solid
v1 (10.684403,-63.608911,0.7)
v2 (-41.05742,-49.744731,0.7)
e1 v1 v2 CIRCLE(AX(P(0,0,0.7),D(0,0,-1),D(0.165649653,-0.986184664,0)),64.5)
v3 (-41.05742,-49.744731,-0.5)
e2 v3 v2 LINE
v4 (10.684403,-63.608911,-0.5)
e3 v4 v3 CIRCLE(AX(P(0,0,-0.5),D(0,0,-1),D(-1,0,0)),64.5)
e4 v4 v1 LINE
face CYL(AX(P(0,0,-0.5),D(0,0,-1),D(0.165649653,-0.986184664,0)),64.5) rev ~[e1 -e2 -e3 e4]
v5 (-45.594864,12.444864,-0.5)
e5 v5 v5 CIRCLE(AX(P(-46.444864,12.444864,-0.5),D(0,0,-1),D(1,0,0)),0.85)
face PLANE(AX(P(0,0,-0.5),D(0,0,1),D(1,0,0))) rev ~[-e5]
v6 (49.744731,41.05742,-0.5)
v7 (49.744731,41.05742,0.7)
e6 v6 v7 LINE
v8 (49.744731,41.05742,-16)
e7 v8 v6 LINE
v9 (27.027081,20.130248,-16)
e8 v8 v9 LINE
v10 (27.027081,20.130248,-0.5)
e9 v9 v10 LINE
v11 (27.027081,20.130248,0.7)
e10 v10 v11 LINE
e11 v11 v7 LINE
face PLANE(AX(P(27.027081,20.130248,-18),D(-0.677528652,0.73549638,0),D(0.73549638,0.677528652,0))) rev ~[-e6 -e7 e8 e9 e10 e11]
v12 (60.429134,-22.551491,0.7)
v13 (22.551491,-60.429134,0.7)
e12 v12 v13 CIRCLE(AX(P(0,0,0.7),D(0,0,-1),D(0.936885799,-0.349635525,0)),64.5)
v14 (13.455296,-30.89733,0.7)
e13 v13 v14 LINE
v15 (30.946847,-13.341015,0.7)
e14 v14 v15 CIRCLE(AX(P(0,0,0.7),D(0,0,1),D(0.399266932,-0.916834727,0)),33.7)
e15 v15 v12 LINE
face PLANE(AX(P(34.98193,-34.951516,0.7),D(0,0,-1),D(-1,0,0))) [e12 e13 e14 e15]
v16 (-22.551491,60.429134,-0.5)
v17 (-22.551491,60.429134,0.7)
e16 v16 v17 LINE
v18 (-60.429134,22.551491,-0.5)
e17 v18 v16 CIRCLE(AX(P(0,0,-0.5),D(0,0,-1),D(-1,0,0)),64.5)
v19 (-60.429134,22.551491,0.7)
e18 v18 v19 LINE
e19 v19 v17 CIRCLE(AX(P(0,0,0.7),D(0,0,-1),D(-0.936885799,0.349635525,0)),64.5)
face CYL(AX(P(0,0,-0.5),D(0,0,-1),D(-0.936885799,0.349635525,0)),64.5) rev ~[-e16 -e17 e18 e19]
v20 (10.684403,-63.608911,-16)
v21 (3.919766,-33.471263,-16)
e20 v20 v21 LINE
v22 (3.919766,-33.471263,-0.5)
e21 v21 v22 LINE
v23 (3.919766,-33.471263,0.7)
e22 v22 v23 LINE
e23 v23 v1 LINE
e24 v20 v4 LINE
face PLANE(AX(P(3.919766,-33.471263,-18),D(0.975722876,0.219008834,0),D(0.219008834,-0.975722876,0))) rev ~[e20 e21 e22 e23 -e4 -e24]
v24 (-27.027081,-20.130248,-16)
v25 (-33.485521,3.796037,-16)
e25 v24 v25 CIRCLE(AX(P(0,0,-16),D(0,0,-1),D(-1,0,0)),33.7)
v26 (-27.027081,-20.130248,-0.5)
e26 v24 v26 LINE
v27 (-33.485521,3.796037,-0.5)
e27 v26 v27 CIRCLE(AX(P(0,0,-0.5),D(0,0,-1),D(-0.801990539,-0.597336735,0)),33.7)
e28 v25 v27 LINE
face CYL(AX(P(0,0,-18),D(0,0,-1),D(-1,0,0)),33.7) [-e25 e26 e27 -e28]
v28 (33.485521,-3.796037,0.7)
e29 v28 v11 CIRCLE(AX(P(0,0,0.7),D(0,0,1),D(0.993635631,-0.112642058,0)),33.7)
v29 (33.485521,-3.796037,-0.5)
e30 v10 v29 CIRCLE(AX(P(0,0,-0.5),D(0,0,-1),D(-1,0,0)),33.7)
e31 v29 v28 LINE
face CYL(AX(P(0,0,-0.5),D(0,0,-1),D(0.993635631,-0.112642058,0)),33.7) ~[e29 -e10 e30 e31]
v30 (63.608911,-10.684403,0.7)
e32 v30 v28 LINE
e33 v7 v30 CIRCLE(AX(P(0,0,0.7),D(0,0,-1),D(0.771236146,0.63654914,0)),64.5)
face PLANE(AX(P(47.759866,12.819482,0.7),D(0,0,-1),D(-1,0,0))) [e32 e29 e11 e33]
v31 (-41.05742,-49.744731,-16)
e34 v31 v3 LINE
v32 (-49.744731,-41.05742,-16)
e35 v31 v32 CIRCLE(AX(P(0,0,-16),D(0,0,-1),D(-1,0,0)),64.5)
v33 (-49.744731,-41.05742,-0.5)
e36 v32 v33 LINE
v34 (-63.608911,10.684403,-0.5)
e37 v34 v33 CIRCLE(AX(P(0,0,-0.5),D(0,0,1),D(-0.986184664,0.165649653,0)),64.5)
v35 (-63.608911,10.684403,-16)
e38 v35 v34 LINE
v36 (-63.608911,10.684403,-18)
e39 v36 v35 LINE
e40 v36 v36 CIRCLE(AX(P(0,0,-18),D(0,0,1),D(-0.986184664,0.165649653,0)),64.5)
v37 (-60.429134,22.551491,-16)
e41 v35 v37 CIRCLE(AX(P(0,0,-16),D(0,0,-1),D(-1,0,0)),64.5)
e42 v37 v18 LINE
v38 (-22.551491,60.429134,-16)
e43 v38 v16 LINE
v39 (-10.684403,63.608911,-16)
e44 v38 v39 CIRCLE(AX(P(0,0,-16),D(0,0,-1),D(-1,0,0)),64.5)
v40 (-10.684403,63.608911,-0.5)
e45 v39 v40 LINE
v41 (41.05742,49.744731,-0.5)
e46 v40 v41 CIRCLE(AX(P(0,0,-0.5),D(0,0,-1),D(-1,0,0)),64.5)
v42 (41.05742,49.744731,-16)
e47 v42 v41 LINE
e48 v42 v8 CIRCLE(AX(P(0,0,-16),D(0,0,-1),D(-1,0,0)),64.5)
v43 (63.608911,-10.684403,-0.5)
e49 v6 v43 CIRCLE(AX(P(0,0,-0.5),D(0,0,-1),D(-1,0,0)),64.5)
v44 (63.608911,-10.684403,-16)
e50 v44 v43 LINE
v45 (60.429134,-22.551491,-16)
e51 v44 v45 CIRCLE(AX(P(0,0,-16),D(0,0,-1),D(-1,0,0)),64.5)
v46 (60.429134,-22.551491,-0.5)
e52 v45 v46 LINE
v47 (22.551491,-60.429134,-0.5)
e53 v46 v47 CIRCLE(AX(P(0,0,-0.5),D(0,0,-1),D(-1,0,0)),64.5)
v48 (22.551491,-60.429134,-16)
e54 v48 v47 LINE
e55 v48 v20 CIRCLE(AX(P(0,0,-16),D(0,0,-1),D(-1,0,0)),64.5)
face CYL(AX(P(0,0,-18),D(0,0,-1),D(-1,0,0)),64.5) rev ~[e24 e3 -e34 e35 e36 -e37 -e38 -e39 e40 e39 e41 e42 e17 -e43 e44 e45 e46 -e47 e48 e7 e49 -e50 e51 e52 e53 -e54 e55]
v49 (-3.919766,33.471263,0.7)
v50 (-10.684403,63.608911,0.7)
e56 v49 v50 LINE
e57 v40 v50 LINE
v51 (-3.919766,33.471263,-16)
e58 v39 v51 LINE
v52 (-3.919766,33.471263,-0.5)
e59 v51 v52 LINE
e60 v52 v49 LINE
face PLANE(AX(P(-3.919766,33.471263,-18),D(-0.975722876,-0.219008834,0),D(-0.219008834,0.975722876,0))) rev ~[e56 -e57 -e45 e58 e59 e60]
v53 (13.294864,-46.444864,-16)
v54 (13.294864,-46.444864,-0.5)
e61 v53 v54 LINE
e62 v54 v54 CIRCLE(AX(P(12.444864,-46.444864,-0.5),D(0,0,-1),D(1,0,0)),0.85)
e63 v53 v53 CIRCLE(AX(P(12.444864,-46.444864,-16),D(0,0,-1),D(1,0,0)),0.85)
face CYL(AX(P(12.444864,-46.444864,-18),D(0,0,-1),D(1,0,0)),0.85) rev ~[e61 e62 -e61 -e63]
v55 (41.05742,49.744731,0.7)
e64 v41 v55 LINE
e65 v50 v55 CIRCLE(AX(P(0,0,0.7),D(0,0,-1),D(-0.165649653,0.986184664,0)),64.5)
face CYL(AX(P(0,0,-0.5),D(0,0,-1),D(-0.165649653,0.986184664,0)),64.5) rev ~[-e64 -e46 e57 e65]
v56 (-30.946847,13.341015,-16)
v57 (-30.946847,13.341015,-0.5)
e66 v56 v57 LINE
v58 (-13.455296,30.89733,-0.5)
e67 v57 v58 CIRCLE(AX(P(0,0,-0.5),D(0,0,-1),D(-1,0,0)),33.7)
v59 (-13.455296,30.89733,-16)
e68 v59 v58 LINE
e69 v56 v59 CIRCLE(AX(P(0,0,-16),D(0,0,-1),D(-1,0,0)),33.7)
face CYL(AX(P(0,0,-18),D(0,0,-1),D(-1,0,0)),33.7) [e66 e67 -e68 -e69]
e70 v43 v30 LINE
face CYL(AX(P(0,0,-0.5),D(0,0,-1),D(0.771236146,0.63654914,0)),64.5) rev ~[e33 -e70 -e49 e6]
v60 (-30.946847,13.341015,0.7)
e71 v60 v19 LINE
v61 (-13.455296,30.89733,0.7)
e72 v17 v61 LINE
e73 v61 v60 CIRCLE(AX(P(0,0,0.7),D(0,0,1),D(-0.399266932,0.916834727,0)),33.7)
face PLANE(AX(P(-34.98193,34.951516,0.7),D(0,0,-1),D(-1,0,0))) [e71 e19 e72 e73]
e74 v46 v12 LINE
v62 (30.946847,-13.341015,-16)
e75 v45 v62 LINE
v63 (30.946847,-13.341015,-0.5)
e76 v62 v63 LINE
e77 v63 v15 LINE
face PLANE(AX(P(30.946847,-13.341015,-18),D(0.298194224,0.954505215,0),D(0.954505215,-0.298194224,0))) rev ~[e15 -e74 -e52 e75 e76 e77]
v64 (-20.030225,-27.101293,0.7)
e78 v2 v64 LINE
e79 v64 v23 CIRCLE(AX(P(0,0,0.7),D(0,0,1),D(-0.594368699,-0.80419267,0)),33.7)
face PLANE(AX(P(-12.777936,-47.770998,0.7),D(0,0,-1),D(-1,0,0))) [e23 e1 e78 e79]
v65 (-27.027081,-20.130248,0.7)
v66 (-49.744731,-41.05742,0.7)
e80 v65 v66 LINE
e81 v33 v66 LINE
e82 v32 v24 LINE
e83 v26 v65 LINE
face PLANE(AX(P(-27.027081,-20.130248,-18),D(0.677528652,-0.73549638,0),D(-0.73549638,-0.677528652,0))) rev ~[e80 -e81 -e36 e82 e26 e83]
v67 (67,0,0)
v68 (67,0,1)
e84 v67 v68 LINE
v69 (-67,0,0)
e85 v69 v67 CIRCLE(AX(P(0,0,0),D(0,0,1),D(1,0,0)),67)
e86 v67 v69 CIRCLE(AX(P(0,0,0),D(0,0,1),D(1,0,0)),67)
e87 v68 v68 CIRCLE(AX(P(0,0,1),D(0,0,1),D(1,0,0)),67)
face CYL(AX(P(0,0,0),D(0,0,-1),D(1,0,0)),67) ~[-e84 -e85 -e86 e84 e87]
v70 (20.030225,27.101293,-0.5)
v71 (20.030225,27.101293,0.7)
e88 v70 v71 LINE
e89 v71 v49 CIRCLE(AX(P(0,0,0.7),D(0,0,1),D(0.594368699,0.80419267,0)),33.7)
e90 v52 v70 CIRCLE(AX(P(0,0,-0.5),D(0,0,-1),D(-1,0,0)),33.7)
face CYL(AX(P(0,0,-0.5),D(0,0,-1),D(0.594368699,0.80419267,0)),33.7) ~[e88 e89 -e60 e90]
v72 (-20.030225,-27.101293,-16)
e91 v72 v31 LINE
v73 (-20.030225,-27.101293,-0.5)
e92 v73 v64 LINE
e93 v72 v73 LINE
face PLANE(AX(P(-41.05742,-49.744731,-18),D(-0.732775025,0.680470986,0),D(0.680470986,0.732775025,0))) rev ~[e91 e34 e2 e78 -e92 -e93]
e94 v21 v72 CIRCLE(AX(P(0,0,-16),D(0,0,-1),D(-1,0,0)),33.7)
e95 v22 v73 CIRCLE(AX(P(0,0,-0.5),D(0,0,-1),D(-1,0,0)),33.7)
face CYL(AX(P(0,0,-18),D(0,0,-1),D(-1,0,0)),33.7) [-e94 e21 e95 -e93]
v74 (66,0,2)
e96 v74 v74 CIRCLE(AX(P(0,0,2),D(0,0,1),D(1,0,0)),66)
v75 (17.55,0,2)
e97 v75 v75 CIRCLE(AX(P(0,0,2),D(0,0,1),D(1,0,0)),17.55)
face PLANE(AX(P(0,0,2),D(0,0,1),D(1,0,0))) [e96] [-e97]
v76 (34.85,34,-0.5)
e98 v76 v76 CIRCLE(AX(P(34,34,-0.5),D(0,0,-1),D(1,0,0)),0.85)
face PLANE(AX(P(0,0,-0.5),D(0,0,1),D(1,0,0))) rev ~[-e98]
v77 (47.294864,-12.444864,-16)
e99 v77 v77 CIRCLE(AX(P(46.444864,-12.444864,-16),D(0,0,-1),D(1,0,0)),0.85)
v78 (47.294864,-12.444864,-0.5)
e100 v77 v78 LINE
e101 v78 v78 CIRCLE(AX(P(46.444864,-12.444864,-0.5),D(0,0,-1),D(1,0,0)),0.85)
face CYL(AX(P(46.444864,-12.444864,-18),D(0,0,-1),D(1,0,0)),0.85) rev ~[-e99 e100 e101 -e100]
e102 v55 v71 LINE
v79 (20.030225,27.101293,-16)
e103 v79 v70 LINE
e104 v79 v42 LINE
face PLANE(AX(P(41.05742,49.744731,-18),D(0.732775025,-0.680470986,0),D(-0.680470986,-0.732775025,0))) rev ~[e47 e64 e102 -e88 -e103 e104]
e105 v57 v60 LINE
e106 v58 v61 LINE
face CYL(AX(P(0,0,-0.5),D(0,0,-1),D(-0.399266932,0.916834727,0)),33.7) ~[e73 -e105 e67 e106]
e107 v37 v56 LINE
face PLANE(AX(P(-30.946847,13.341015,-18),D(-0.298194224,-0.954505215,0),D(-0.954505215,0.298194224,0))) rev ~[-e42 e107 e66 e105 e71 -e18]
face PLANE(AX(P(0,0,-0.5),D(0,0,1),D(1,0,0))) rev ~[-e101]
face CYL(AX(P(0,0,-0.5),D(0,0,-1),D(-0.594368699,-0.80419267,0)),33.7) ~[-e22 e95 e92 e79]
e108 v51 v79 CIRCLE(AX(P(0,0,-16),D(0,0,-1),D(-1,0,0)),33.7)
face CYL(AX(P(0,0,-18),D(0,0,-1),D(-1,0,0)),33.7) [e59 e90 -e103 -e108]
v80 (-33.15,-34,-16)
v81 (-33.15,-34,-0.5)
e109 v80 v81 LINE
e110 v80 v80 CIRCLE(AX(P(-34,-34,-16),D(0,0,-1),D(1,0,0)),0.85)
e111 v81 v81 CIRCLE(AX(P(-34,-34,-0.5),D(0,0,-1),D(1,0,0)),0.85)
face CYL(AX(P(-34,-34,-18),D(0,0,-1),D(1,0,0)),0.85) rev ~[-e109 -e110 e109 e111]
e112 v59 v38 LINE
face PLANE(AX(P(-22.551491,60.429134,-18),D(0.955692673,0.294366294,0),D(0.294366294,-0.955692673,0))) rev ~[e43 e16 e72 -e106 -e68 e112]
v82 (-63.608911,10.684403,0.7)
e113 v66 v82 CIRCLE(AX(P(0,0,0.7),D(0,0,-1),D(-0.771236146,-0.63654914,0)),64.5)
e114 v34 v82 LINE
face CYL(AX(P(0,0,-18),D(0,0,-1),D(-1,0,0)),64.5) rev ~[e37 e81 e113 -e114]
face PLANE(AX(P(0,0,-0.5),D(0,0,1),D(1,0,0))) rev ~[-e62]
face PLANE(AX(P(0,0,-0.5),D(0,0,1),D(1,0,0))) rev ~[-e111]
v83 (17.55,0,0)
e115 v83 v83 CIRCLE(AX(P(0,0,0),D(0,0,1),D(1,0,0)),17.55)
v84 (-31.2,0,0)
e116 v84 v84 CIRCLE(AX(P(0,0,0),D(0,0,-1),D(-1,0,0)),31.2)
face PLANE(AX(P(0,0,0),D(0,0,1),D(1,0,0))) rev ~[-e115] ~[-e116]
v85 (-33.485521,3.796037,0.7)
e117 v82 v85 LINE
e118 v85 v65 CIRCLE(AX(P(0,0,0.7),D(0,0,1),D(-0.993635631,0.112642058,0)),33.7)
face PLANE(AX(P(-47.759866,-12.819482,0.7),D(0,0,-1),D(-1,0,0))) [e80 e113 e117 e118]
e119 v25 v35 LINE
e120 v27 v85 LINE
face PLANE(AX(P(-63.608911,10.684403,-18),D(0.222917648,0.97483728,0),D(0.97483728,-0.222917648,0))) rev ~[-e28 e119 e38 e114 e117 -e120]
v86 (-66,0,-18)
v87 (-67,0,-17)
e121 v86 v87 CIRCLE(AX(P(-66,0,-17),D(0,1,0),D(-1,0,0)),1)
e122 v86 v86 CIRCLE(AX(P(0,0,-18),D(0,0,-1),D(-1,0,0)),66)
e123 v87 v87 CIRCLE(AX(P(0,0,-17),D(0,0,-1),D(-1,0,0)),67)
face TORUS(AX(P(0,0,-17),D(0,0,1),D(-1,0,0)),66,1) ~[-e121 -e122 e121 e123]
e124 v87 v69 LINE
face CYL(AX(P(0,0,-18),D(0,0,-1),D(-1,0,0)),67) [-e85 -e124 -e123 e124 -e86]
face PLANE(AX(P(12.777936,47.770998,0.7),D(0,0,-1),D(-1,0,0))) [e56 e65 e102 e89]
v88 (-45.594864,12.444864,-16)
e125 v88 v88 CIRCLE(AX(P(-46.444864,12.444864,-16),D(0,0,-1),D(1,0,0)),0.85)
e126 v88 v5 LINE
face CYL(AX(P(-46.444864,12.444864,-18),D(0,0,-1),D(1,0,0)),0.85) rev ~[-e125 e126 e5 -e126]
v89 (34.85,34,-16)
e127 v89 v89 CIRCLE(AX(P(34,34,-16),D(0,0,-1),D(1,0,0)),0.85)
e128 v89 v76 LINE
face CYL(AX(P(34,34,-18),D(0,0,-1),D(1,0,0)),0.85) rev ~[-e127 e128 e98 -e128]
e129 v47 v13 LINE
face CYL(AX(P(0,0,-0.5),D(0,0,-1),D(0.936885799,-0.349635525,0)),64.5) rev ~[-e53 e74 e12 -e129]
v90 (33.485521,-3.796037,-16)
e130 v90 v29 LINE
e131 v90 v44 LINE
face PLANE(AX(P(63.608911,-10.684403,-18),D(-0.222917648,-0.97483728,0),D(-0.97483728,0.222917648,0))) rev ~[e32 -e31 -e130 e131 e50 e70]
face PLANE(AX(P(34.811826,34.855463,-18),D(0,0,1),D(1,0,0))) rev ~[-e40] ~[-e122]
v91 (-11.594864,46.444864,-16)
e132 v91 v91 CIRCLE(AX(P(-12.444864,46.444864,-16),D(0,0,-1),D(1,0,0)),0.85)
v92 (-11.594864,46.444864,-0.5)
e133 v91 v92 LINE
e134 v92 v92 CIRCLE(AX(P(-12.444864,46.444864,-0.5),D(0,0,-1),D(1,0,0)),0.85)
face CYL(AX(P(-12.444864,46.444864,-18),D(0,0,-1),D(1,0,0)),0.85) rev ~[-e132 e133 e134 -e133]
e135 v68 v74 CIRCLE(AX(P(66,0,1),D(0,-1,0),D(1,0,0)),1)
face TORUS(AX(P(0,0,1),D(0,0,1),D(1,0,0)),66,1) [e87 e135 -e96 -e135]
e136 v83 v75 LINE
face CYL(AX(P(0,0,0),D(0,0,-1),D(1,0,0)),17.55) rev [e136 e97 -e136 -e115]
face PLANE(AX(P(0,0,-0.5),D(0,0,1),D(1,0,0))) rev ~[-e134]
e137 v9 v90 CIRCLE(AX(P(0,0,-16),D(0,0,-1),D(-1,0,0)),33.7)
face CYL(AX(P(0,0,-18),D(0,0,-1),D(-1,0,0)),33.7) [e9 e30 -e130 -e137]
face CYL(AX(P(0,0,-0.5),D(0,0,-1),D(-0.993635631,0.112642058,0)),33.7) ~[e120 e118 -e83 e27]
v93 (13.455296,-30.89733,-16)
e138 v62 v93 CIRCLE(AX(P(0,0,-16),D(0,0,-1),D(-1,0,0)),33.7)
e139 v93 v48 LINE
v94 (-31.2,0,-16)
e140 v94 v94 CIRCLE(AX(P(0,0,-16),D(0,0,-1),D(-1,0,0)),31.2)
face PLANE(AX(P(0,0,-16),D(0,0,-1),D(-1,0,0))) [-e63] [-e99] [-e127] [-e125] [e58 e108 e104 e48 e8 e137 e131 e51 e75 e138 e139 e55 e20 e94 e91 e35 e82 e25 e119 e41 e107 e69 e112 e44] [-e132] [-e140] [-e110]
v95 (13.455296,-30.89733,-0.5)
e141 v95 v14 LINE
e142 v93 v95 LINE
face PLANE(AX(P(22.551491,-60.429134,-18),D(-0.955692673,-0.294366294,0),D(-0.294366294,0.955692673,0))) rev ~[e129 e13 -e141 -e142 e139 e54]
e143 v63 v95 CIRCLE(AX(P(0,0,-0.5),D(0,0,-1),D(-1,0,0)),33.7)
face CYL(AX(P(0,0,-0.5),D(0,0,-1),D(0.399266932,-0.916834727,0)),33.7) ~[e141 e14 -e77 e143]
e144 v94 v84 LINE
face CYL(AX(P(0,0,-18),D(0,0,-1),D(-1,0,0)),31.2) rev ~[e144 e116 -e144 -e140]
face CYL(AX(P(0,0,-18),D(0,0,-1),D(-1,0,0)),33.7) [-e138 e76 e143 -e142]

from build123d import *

# Parameters (mm, degrees)
SKETCH_1_R          = 67
SKETCH_1_R_2        = 17.55
EXTRUDE_1_DEPTH     = 2
EXTRUDE_START       = 18
SKETCH_2_R          = 67
SKETCH_2_R_2        = 31.2
EXTRUDE_2_DEPTH     = 18
FILLET_1_R          = 1
SHELL_4_T           = -2.5
SKETCH_4_R          = 0.85
EXTRUDE_3_DEPTH     = 18
FILLET_2_R          = 1
CUT_EXTRUDE_1_DEPTH = 1.2
SKETCH_6_R          = 64.5
CUT_EXTRUDE_2_DEPTH = 2


with BuildPart() as part:
    # 草图1 → 凸台-拉伸1 (new body)
    with BuildSketch(Plane.XY):
        Circle(SKETCH_1_R)
        Circle(SKETCH_1_R_2, mode=Mode.SUBTRACT)
    extrude(amount=EXTRUDE_1_DEPTH)

    # 草图2 → 凸台-拉伸2 (add)
    with BuildSketch(Plane(origin=(0, 0, 0), x_dir=(-1, 0, 0), z_dir=(0, 0, -1)).offset(EXTRUDE_START)):
        Circle(SKETCH_2_R)
        Circle(SKETCH_2_R_2, mode=Mode.SUBTRACT)
    extrude(amount=-EXTRUDE_2_DEPTH)

    # 圆角1
    fillet_1_edges = [part.edges().sort_by_distance(p)[0] for p in [
        (-67, 0, 2),
    ]]
    fillet(fillet_1_edges, radius=FILLET_1_R)

    # 抽壳4
    shell_4_openings = [part.faces().sort_by_distance(p)[0] for p in [
        (65.104953826, 0, -18),
    ]]
    offset(amount=SHELL_4_T, openings=shell_4_openings, kind=Kind.INTERSECTION)

    # 草图4 → 凸台-拉伸3 (add)
    # profile 1 of 6: a face of its own
    with BuildSketch(Plane(origin=(0, 0, 0), x_dir=(-1, 0, 0), z_dir=(0, 0, -1)).offset(EXTRUDE_START)):
        with BuildLine():
            Line((-41.05741952, 49.744731403), (-20.030225152, 27.101292964))
            ThreePointArc((-20.030225152, 27.101292964), (-23.785423834, 23.873491848), (-27.027081181, 20.130247958))
            Line((-27.027081181, 20.130247958), (-49.744731403, 41.05741952))
            ThreePointArc((-49.744731403, 41.05741952), (-45.608387387, 45.608387387), (-41.05741952, 49.744731403))
        make_face()
        with Locations(Location((-34, 34, 0), (0, 0, 180))):
            Circle(SKETCH_4_R, mode=Mode.SUBTRACT)
    # profile 2 of 6: a face of its own
    with BuildSketch(Plane(origin=(0, 0, 0), x_dir=(-1, 0, 0), z_dir=(0, 0, -1)).offset(EXTRUDE_START)):
        with BuildLine():
            Line((22.55149134, 60.42913402), (13.455295606, 30.897330308))
            ThreePointArc((13.455295606, 30.897330308), (8.782338501, 32.535527204), (3.919765525, 33.471262872))
            Line((3.919765525, 33.471262872), (10.684402617, 63.608910859))
            ThreePointArc((10.684402617, 63.608910859), (16.693828409, 62.302215796), (22.55149134, 60.42913402))
        make_face()
        with Locations(Location((12.444863729, 46.444863729, 0), (0, 0, 180))):
            Circle(SKETCH_4_R, mode=Mode.SUBTRACT)
    # profile 3 of 6: a face of its own
    with BuildSketch(Plane(origin=(0, 0, 0), x_dir=(-1, 0, 0), z_dir=(0, 0, -1)).offset(EXTRUDE_START)):
        with BuildLine():
            Line((63.608910859, 10.684402617), (33.485520759, 3.796037343))
            ThreePointArc((33.485520759, 3.796037343), (32.567762335, 8.662035356), (30.946846706, 13.341014914))
            Line((30.946846706, 13.341014914), (60.42913402, 22.55149134))
            ThreePointArc((60.42913402, 22.55149134), (62.302215796, 16.693828409), (63.608910859, 10.684402617))
        make_face()
        with Locations(Location((46.444863729, 12.444863729, 0), (0, 0, 180))):
            Circle(SKETCH_4_R, mode=Mode.SUBTRACT)
    # profile 4 of 6: a face of its own
    with BuildSketch(Plane(origin=(0, 0, 0), x_dir=(-1, 0, 0), z_dir=(0, 0, -1)).offset(EXTRUDE_START)):
        with BuildLine():
            Line((41.05741952, -49.744731403), (20.030225152, -27.101292964))
            ThreePointArc((20.030225152, -27.101292964), (23.785423834, -23.873491848), (27.027081181, -20.130247958))
            Line((27.027081181, -20.130247958), (49.744731403, -41.05741952))
            ThreePointArc((49.744731403, -41.05741952), (45.608387387, -45.608387387), (41.05741952, -49.744731403))
        make_face()
        with Locations(Location((34, -34, 0), (0, 0, 180))):
            Circle(SKETCH_4_R, mode=Mode.SUBTRACT)
    # profile 5 of 6: a face of its own
    with BuildSketch(Plane(origin=(0, 0, 0), x_dir=(-1, 0, 0), z_dir=(0, 0, -1)).offset(EXTRUDE_START)):
        with BuildLine():
            Line((-22.55149134, -60.42913402), (-13.455295606, -30.897330308))
            ThreePointArc((-13.455295606, -30.897330308), (-8.782338501, -32.535527204), (-3.919765525, -33.471262872))
            Line((-3.919765525, -33.471262872), (-10.684402617, -63.608910859))
            ThreePointArc((-10.684402617, -63.608910859), (-16.693828409, -62.302215796), (-22.55149134, -60.42913402))
        make_face()
        with Locations(Location((-12.444863729, -46.444863729, 0), (0, 0, 180))):
            Circle(SKETCH_4_R, mode=Mode.SUBTRACT)
    # profile 6 of 6: a face of its own
    with BuildSketch(Plane(origin=(0, 0, 0), x_dir=(-1, 0, 0), z_dir=(0, 0, -1)).offset(EXTRUDE_START)):
        with BuildLine():
            Line((-63.608910859, -10.684402617), (-33.485520759, -3.796037343))
            ThreePointArc((-33.485520759, -3.796037343), (-32.567762335, -8.662035356), (-30.946846706, -13.341014914))
            Line((-30.946846706, -13.341014914), (-60.42913402, -22.55149134))
            ThreePointArc((-60.42913402, -22.55149134), (-62.302215796, -16.693828409), (-63.608910859, -10.684402617))
        make_face()
        with Locations(Location((-46.444863729, -12.444863729, 0), (0, 0, 180))):
            Circle(SKETCH_4_R, mode=Mode.SUBTRACT)
    extrude(amount=-EXTRUDE_3_DEPTH)

    # 圆角2
    fillet_2_edges = [part.edges().sort_by_distance(p)[0] for p in [
        (67, 0, -18),
    ]]
    fillet(fillet_2_edges, radius=FILLET_2_R)

    # 草图5 → 切除-拉伸1 (cut)
    with BuildSketch(Plane(origin=(0, 0, -0.5), x_dir=(-1, 0, 0), z_dir=(0, 0, -1))):
        with BuildLine():
            Line((-63.608910859, -10.684402617), (-33.485520759, -3.796037343))
            ThreePointArc((-33.485520759, -3.796037343), (-32.535527204, 8.782338501), (-27.027081181, 20.130247958))
            Line((-27.027081181, 20.130247958), (-49.744731403, 41.05741952))
            ThreePointArc((-49.744731403, 41.05741952), (-62.302215796, 16.693828409), (-63.608910859, -10.684402617))
        make_face()
        with BuildLine():
            Line((-41.05741952, 49.744731403), (-20.030225152, 27.101292964))
            ThreePointArc((-20.030225152, 27.101292964), (-8.662035356, 32.567762335), (3.919765525, 33.471262872))
            Line((3.919765525, 33.471262872), (10.684402617, 63.608910859))
            ThreePointArc((10.684402617, 63.608910859), (-16.693828409, 62.302215796), (-41.05741952, 49.744731403))
        make_face()
        with BuildLine():
            Line((30.946846706, 13.341014914), (60.42913402, 22.55149134))
            ThreePointArc((60.42913402, 22.55149134), (45.608387387, 45.608387387), (22.55149134, 60.42913402))
            Line((22.55149134, 60.42913402), (13.455295606, 30.897330308))
            ThreePointArc((13.455295606, 30.897330308), (23.873491848, 23.785423834), (30.946846706, 13.341014914))
        make_face()
        with BuildLine():
            Line((27.027081181, -20.130247958), (49.744731403, -41.05741952))
            ThreePointArc((49.744731403, -41.05741952), (62.302215796, -16.693828409), (63.608910859, 10.684402617))
            Line((63.608910859, 10.684402617), (33.485520759, 3.796037343))
            ThreePointArc((33.485520759, 3.796037343), (32.535527204, -8.782338501), (27.027081181, -20.130247958))
        make_face()
        with BuildLine():
            Line((-3.919765525, -33.471262872), (-10.684402617, -63.608910859))
            ThreePointArc((-10.684402617, -63.608910859), (16.693828409, -62.302215796), (41.05741952, -49.744731403))
            Line((41.05741952, -49.744731403), (20.030225152, -27.101292964))
            ThreePointArc((20.030225152, -27.101292964), (8.662035356, -32.567762335), (-3.919765525, -33.471262872))
        make_face()
        with BuildLine():
            Line((-30.946846706, -13.341014914), (-60.42913402, -22.55149134))
            ThreePointArc((-60.42913402, -22.55149134), (-45.608387387, -45.608387387), (-22.55149134, -60.42913402))
            Line((-22.55149134, -60.42913402), (-13.455295606, -30.897330308))
            ThreePointArc((-13.455295606, -30.897330308), (-23.873491848, -23.785423834), (-30.946846706, -13.341014914))
        make_face()
    extrude(amount=-CUT_EXTRUDE_1_DEPTH, mode=Mode.SUBTRACT)

    # 草图6 → 切除-拉伸2 (cut)
    with BuildSketch(Plane(origin=(0, 0, -18), x_dir=(-1, 0, 0), z_dir=(0, 0, -1))):
        Circle(SKETCH_6_R)
    extrude(amount=-CUT_EXTRUDE_2_DEPTH, mode=Mode.SUBTRACT)


solid = part.part
